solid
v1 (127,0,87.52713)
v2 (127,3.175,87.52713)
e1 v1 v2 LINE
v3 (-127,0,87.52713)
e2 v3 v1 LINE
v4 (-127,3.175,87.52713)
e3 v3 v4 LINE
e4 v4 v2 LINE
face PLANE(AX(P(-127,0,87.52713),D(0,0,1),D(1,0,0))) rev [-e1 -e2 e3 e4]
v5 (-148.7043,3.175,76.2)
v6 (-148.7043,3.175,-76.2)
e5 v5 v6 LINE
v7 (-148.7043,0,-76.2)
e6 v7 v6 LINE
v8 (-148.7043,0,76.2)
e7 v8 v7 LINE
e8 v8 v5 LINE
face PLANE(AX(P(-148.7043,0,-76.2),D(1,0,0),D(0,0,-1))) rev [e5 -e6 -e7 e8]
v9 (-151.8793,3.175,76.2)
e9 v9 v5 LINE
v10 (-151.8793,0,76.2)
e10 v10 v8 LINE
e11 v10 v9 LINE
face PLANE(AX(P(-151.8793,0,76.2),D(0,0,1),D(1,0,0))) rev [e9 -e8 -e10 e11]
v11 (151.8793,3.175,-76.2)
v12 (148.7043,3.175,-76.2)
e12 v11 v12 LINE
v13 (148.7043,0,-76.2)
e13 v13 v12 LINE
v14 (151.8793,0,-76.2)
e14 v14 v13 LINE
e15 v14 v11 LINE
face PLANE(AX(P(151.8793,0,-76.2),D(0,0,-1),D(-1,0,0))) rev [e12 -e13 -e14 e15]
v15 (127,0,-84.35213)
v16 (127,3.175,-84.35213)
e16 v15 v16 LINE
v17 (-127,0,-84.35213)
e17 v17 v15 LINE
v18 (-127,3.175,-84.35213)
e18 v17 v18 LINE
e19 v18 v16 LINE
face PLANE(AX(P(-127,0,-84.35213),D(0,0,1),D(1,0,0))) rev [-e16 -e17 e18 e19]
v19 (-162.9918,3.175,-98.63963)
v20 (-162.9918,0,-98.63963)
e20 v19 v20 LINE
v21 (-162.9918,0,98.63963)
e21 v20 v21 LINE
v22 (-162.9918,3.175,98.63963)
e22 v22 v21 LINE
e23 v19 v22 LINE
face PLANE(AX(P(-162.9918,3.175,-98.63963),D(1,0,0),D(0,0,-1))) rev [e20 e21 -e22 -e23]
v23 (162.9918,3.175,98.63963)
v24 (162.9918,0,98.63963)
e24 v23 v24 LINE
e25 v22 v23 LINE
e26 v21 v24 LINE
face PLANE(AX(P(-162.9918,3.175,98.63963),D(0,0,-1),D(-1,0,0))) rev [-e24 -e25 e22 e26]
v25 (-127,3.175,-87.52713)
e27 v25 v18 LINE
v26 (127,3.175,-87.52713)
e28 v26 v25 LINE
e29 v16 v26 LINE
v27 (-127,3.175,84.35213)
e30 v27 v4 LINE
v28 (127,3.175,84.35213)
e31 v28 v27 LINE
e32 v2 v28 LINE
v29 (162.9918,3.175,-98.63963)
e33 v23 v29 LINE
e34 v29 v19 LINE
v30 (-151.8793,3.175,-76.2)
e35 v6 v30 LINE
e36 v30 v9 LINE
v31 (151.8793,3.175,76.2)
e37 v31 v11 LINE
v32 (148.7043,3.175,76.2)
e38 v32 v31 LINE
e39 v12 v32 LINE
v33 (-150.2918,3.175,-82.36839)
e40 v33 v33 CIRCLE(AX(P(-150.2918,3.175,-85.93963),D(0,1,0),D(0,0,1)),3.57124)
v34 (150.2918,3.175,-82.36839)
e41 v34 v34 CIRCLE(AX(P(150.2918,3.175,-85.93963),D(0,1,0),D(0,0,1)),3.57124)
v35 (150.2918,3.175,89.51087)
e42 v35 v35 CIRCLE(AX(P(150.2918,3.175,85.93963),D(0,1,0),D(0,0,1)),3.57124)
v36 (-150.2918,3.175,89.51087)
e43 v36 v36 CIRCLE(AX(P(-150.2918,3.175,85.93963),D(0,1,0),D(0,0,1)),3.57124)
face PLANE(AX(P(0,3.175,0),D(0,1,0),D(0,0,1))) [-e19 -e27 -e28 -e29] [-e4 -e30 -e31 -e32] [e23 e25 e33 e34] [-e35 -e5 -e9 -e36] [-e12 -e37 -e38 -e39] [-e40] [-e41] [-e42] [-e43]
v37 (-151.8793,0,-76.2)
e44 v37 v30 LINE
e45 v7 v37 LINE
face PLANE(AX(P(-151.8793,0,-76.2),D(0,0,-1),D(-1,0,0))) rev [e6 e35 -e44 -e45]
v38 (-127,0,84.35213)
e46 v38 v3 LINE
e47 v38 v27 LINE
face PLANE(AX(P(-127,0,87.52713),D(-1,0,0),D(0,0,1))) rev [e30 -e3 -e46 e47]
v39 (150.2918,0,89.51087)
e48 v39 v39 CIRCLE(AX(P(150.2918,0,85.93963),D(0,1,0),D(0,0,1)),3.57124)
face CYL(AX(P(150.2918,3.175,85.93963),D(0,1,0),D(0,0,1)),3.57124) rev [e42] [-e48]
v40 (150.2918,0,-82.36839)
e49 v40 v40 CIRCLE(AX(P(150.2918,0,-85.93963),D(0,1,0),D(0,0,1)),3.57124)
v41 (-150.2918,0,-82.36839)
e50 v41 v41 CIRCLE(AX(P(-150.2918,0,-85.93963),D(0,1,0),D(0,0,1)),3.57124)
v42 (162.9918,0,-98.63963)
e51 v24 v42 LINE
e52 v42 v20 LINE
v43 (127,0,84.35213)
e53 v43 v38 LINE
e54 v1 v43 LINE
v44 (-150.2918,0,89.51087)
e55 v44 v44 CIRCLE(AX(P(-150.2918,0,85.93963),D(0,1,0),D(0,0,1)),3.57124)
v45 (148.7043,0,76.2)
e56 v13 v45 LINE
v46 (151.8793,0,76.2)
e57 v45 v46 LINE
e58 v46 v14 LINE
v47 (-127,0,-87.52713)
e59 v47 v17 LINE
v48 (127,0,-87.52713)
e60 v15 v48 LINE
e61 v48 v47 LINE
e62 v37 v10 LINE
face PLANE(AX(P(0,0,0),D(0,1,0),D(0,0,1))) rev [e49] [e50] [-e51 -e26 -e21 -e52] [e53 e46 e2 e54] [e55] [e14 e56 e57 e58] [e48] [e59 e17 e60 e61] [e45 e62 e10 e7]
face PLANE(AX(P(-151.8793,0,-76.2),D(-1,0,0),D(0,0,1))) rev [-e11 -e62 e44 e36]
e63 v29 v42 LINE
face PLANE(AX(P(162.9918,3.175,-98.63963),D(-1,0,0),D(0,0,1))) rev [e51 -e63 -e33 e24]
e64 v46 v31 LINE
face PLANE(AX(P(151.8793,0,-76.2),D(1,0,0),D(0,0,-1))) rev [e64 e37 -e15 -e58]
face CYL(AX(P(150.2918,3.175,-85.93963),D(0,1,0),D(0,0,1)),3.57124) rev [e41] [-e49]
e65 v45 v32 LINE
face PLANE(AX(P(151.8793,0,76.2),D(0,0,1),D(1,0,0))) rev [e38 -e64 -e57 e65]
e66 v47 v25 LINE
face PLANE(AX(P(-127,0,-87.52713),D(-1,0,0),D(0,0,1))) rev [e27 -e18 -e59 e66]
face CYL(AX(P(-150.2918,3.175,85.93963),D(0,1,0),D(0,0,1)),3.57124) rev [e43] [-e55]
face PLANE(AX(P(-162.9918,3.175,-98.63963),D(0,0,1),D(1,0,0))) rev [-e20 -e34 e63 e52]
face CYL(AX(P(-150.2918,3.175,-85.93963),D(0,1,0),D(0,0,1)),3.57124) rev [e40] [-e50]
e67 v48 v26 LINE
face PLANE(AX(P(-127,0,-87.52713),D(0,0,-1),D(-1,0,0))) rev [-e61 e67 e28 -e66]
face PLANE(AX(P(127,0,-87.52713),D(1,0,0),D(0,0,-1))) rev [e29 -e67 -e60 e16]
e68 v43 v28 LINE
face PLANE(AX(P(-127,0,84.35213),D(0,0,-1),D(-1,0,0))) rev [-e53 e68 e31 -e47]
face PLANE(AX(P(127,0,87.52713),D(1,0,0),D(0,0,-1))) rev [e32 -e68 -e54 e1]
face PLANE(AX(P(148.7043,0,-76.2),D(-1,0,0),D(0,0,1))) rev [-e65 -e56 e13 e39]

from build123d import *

# Parameters (mm, degrees)
SKETCH1_W               = 325.9836
SKETCH1_H               = 197.27926
BOSS_EXTRUDE1_DEPTH     = 3.175
F_1_4_CLEARANCE_HOLE1_D = 7.14248
SKETCH4_W               = 3.175
SKETCH4_H               = 152.4
SKETCH4_W_2             = 254
SKETCH4_H_2             = 3.175
CUT_EXTRUDE1_DEPTH      = 191.541817192


with BuildPart() as part:
    # Sketch1 → Boss-Extrude1 (new body)
    with BuildSketch(Plane(origin=(0, 0, 0), x_dir=(1, 0, 0), z_dir=(0, 1, 0))):
        Rectangle(SKETCH1_W, SKETCH1_H)
    extrude(amount=BOSS_EXTRUDE1_DEPTH)

    # 1/4 Clearance Hole1 (through all)
    with Locations(Plane(origin=(0, 3.175, 0), x_dir=(1, 0, 0), z_dir=(0, 1, 0))):
        with Locations((-150.2918, 85.93963), (150.2918, 85.93963), (150.2918, -85.93963), (-150.2918, -85.93963)):
            Hole(F_1_4_CLEARANCE_HOLE1_D / 2)

    # Sketch4 → Cut-Extrude1 (cut, through all)
    with BuildSketch(Plane(origin=(0, 3.175, 0), x_dir=(1, 0, 0), z_dir=(0, 1, 0))):
        with Locations((-150.2918, 0)):
            Rectangle(SKETCH4_W, SKETCH4_H)
        with Locations((150.2918, 0)):
            Rectangle(SKETCH4_W, SKETCH4_H)
        with Locations((0, 85.93963)):
            Rectangle(SKETCH4_W_2, SKETCH4_H_2)
        with Locations((0, -85.93963)):
            Rectangle(SKETCH4_W_2, SKETCH4_H_2)
    extrude(amount=-CUT_EXTRUDE1_DEPTH, mode=Mode.SUBTRACT)


solid = part.part
